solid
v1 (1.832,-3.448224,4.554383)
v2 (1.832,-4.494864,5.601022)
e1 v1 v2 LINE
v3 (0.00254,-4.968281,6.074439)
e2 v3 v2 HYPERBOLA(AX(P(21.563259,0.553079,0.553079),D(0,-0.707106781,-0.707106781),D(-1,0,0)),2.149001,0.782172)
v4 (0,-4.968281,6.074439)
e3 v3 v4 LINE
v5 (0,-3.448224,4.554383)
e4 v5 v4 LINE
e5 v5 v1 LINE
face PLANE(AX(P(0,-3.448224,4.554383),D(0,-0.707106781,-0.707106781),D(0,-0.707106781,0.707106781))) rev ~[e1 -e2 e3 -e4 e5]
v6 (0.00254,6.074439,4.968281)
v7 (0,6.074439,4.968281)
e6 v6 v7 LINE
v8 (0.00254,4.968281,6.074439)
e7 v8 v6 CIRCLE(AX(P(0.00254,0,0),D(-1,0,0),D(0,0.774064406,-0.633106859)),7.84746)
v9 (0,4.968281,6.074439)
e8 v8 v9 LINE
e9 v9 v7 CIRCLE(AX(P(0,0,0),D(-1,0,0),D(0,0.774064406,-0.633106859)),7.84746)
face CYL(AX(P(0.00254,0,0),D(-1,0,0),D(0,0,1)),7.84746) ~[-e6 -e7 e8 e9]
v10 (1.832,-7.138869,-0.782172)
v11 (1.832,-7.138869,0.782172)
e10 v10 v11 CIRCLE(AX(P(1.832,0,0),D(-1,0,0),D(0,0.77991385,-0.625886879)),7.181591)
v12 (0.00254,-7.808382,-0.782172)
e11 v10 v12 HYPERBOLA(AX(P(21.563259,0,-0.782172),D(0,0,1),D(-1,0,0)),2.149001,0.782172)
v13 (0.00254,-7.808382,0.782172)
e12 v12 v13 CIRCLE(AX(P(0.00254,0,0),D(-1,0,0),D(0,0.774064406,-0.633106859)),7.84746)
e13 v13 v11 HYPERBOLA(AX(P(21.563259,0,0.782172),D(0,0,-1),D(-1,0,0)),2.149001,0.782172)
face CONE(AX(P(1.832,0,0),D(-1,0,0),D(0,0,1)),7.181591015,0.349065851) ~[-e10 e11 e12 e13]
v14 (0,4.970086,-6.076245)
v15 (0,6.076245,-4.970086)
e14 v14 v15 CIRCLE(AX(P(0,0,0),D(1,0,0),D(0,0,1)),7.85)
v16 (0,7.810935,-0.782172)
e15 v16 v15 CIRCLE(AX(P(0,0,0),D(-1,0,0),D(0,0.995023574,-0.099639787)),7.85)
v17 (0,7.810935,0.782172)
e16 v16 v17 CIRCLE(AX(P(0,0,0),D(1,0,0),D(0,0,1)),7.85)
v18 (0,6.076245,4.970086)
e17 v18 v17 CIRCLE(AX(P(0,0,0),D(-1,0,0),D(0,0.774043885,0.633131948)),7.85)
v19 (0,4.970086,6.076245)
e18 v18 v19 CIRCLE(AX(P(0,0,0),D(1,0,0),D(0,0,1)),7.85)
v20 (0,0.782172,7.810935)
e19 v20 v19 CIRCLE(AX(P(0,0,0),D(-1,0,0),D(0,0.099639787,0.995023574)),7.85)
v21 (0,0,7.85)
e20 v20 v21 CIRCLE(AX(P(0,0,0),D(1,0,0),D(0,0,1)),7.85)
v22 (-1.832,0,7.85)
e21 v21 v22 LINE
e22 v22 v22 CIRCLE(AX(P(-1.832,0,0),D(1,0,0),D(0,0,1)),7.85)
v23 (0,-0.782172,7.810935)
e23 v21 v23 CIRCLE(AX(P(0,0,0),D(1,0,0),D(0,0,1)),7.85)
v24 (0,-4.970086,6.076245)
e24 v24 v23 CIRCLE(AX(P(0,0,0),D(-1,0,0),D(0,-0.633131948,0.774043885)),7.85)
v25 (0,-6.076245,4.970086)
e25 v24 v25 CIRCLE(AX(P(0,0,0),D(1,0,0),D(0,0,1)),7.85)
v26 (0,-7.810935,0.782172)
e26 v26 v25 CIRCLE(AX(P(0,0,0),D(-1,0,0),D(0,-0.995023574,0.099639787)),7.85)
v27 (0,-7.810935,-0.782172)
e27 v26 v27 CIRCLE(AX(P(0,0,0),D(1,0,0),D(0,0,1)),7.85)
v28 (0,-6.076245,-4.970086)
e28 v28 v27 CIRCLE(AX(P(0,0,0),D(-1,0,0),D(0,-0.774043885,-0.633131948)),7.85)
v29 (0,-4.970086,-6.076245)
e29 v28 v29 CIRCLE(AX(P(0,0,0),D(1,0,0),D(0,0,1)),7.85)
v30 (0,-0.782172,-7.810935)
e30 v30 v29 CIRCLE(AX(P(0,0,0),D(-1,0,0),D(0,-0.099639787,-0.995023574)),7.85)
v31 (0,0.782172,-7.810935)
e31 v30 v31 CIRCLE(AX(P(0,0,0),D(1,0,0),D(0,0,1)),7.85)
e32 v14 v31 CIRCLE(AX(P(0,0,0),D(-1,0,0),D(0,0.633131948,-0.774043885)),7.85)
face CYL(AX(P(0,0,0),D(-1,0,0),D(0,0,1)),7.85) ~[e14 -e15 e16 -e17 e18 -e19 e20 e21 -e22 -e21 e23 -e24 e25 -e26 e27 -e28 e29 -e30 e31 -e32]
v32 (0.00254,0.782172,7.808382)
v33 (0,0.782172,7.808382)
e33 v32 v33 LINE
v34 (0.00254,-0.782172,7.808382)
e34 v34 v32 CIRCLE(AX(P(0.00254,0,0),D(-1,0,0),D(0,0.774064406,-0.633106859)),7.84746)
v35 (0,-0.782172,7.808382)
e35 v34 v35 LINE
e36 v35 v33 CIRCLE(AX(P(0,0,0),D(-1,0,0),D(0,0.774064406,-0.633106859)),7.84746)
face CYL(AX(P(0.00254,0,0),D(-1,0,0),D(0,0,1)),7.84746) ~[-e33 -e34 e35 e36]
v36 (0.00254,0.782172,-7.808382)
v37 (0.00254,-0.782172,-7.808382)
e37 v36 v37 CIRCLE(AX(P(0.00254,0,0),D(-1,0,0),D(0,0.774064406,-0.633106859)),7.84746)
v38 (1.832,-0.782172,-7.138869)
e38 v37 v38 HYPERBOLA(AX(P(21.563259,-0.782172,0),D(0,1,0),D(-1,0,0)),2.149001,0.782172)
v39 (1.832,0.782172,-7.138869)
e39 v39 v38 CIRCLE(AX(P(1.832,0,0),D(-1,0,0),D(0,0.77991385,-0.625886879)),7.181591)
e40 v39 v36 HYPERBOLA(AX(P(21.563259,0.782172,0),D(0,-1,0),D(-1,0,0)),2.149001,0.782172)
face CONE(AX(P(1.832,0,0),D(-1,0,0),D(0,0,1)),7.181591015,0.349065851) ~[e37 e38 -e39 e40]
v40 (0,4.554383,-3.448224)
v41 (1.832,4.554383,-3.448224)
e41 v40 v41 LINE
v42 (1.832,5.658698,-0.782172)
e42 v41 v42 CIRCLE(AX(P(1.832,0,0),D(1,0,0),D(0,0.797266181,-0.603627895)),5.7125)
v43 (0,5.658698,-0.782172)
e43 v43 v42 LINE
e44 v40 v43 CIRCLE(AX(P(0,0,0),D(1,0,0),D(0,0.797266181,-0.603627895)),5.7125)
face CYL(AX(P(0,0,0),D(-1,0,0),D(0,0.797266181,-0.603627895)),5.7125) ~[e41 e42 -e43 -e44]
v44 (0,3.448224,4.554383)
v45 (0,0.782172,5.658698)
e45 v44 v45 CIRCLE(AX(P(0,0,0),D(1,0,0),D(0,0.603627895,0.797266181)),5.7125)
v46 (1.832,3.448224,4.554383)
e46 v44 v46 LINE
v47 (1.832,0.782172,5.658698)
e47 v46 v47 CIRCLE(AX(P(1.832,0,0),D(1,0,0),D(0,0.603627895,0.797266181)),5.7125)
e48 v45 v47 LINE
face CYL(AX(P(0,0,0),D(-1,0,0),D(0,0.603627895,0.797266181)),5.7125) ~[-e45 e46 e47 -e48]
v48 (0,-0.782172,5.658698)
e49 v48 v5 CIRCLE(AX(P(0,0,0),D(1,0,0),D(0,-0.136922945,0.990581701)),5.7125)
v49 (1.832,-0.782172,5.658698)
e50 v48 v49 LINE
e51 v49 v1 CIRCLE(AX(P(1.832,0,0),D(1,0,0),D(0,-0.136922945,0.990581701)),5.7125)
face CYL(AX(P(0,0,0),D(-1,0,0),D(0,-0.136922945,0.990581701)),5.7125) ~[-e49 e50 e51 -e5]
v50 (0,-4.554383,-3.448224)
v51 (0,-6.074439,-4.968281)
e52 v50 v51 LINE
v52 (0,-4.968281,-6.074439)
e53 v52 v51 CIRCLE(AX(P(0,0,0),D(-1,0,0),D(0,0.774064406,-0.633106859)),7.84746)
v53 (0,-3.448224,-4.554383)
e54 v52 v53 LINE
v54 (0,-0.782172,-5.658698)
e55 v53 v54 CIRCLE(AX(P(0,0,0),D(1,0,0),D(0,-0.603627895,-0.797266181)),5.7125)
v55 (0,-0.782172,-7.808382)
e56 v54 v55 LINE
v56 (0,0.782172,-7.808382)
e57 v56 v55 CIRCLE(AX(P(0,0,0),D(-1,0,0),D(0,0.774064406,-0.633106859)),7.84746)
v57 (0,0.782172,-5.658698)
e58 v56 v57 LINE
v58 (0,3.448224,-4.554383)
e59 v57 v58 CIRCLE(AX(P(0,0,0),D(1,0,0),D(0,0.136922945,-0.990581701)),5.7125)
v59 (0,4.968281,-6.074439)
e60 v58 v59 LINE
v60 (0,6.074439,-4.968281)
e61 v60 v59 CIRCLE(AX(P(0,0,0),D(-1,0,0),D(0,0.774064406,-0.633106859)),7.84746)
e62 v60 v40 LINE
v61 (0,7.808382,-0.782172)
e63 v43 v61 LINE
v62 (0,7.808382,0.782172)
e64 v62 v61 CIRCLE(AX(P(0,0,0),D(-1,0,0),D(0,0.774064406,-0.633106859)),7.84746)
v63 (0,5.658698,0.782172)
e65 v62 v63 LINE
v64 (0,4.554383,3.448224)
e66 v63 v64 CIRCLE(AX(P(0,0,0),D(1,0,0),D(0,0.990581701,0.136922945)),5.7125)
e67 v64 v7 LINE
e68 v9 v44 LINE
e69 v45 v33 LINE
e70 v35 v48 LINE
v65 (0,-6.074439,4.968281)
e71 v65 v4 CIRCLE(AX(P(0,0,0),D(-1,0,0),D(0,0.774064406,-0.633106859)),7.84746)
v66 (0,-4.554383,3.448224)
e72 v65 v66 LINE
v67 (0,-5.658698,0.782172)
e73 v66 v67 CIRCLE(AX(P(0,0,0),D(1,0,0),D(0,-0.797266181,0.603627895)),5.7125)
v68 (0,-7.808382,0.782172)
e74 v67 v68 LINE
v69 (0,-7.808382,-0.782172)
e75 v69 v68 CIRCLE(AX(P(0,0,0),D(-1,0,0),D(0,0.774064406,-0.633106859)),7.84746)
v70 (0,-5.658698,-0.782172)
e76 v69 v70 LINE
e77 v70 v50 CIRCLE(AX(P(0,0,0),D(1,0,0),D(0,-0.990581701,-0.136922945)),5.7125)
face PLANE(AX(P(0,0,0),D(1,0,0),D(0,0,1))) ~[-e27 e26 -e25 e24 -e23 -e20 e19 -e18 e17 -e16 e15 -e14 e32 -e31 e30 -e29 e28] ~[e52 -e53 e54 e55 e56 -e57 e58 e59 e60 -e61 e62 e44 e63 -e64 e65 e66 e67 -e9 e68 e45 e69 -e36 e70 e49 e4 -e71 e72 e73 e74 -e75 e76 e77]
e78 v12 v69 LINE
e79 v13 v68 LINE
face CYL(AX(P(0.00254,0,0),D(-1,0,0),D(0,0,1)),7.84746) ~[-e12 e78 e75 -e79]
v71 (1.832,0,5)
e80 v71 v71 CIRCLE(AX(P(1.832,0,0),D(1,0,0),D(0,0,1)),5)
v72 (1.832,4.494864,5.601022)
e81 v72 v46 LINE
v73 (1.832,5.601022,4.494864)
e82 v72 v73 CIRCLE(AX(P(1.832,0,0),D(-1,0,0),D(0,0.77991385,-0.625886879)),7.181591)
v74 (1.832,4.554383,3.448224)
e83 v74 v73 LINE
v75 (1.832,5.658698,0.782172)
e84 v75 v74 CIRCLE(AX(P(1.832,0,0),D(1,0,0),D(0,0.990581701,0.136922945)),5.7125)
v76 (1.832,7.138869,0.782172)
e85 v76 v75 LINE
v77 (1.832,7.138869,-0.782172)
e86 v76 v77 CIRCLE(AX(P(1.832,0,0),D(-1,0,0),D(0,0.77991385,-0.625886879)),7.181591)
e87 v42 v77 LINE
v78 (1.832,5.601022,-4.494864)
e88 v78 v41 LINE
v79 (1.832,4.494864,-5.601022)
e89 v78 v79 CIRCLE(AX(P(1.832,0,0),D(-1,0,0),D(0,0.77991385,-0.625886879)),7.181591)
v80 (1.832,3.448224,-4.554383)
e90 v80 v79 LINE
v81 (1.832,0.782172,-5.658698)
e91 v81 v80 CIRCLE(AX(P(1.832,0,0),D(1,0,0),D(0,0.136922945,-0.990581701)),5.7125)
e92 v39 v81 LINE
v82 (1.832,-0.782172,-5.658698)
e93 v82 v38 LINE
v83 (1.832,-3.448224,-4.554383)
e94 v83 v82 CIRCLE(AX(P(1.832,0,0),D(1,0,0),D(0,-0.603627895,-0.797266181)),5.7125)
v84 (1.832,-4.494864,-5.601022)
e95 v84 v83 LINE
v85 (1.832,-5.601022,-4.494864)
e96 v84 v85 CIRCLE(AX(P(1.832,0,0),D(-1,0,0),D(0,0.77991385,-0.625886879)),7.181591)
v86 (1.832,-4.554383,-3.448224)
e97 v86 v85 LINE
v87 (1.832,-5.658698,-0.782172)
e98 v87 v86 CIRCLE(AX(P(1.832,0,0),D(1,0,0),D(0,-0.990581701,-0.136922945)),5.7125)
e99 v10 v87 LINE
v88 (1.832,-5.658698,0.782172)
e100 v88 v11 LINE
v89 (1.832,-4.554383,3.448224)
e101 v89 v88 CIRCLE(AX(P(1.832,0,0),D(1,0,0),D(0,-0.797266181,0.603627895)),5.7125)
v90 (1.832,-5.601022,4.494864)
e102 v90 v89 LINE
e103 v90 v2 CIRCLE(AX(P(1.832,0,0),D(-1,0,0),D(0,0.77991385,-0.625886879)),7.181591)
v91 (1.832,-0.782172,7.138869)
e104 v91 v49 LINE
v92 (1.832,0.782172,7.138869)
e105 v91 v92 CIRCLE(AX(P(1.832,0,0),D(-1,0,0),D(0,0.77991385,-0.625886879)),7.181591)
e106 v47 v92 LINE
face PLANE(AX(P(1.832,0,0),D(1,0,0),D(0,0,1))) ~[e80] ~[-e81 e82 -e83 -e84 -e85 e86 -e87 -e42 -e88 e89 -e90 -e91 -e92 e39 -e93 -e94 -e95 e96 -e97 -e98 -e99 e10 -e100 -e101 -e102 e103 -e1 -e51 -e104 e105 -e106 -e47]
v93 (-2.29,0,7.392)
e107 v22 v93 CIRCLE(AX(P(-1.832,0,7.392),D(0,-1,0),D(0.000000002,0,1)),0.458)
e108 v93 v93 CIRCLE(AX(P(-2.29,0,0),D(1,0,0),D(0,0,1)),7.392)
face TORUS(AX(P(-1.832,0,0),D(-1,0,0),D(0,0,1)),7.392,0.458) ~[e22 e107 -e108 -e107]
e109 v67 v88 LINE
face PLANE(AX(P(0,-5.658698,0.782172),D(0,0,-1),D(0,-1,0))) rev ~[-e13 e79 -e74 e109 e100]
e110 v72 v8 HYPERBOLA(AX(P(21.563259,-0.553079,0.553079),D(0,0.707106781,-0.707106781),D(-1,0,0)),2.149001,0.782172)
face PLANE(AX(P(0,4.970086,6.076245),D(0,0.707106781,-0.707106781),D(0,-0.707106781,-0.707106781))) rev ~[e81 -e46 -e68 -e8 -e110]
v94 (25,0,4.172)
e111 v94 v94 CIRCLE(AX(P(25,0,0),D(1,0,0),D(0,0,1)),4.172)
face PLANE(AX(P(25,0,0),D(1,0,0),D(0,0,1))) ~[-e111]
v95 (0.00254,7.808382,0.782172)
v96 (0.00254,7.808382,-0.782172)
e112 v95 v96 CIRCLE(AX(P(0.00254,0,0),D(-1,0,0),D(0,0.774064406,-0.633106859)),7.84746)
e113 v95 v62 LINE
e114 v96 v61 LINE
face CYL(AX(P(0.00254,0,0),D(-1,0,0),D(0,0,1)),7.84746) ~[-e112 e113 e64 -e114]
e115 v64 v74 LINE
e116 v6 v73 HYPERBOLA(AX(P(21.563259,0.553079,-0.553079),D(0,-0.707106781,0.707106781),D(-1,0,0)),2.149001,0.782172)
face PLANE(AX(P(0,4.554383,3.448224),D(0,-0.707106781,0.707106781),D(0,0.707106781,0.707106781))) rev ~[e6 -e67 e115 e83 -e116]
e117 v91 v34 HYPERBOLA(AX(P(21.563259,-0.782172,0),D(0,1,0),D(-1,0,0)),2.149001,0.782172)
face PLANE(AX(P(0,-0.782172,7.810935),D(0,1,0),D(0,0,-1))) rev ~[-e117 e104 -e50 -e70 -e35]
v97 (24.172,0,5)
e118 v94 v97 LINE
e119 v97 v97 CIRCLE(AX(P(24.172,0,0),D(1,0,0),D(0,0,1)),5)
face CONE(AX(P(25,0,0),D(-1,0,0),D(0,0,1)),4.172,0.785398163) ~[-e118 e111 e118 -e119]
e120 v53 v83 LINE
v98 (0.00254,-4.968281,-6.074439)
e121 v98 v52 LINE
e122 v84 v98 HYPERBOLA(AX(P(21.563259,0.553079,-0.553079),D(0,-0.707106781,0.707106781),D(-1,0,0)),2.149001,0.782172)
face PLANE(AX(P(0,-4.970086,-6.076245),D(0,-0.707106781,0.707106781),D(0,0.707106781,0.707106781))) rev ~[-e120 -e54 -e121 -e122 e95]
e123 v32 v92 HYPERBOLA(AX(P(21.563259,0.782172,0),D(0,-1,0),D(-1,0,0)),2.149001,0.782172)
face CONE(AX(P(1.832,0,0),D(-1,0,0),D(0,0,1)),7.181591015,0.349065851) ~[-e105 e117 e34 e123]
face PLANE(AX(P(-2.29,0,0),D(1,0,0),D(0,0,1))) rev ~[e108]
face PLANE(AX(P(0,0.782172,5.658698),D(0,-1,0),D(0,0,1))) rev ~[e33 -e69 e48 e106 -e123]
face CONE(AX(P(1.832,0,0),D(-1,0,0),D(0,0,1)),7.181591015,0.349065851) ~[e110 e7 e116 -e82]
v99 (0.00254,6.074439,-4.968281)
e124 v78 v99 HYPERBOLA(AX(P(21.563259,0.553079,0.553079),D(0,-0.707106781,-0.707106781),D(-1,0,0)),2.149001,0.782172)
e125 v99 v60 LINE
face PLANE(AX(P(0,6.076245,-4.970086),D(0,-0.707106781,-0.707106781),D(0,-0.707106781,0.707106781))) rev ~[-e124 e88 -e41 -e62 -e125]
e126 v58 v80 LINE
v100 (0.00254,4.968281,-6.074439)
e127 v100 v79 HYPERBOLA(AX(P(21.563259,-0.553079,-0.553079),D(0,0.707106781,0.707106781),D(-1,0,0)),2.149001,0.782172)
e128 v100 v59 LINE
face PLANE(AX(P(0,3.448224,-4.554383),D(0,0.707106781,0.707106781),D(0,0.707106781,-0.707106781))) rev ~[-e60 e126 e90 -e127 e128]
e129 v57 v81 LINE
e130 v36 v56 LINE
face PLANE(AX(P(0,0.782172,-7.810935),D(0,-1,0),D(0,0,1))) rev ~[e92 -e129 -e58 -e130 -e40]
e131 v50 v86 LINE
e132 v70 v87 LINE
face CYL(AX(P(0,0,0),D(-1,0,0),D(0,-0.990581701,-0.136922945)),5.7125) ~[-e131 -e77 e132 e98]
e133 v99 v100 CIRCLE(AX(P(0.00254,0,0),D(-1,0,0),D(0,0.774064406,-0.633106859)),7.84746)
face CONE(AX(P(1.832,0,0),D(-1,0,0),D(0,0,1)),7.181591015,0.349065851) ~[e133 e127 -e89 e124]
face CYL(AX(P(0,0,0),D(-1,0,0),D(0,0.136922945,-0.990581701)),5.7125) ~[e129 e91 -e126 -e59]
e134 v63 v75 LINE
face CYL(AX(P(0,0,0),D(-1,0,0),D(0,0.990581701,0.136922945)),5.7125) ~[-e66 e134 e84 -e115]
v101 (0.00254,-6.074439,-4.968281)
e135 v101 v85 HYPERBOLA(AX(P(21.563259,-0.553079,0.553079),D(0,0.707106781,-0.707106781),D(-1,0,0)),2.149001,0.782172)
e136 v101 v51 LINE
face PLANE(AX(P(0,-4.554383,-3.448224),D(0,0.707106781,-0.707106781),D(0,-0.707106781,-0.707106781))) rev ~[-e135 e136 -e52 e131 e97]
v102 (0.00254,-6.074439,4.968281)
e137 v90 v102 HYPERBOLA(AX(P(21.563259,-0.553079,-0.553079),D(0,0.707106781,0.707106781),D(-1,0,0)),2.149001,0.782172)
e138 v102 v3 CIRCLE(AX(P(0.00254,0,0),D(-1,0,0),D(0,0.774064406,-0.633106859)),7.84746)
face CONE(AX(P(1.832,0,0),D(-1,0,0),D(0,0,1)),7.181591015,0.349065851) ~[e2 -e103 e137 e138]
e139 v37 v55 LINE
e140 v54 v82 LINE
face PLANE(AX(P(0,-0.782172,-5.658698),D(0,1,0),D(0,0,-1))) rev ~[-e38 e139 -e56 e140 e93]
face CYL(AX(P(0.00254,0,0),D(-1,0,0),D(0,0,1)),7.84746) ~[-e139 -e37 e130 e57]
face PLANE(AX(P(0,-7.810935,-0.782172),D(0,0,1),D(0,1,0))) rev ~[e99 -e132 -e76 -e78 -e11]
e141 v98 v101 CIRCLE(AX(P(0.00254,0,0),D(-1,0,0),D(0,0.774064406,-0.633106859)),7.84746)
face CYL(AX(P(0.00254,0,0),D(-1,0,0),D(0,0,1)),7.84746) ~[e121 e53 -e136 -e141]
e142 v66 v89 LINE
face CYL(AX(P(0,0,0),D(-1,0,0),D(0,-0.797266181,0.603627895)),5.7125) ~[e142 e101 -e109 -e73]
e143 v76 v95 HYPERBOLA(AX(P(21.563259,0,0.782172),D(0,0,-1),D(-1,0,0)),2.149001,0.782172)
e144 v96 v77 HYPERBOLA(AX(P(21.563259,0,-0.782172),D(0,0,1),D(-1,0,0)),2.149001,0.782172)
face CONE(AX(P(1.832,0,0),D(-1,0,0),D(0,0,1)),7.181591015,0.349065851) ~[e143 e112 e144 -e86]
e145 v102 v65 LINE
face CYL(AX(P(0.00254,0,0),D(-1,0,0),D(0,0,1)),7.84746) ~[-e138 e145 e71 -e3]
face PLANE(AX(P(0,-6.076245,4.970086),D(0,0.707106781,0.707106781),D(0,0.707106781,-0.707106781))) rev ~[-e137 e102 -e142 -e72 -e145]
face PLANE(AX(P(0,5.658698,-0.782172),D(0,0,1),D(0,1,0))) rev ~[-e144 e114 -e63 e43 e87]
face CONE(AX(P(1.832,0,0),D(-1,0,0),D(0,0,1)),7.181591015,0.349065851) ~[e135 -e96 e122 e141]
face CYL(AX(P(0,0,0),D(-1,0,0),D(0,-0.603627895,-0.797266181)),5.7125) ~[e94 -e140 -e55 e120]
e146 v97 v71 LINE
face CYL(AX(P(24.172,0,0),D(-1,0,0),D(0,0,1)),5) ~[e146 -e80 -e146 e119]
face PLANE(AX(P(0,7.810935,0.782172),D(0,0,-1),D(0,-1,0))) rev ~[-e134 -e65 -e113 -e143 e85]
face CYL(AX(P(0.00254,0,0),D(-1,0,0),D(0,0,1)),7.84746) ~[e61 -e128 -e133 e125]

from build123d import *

# Parameters (mm, degrees)
RIBCUT_START     = -1.832
RIBCUT_DEPTH     = 1.832
RIBCUTSPAT_COUNT = 8
RIBCUTSPAT_ANGLE = 315


with BuildPart() as part:
    # BodySke → BaseBody (revolve)
    with BuildSketch(Plane.XY, mode=Mode.PRIVATE) as basebody_sk:
        with BuildLine():
            Line((-2.29, 7.392), (-2.29, 0))
            Line((-2.29, 0), (25, 0))
            Line((25, 0), (25, 4.172))
            Line((25, 4.172), (24.172, 5))
            Line((24.172, 5), (1.832, 5))
            Line((1.832, 5), (1.832, 7.181591015))
            Line((1.832, 7.181591015), (0.00254, 7.84746))
            Line((0.00254, 7.84746), (0, 7.84746))
            Line((0, 7.84746), (0, 7.85))
            Line((0, 7.85), (-1.832, 7.85))
            ThreePointArc((-1.832, 7.85), (-2.155854906, 7.715854906), (-2.29, 7.392))
        make_face()
    revolve(basebody_sk.sketch.rotate(Axis((0, 0, 0), (1, 0, 0)), 90), axis=Axis((0, 0, 0), (1, 0, 0)))

    # RibCutSke → RibCut (cut)
    with BuildSketch(Plane(origin=(1.832, 1.794401132, -0.090952894), x_dir=(0, 0, -1), z_dir=(1, 0, 0)).offset(RIBCUT_START)):
        with BuildLine():
            Line((0.691219431, 3.864296837), (0.691219431, 6.016533924))
            ThreePointArc((0.691219431, 6.016533924), (2.91311205, 5.458053198), (4.879132896, 4.281843369))
            Line((4.879132896, 4.281843369), (3.357271457, 2.759981929))
            ThreePointArc((3.357271457, 2.759981929), (2.095126213, 3.483260697), (0.691219431, 3.864296837))
        make_face()
    ribcut = extrude(amount=RIBCUT_DEPTH, mode=Mode.SUBTRACT)

    # RibCutsPat: RibCut ×8 about axis
    ribcutspat_axis = Axis((0, 0, 0), (1, 0, 0))
    for i in range(1, RIBCUTSPAT_COUNT):
        add(ribcut.rotate(ribcutspat_axis, i * RIBCUTSPAT_ANGLE / (RIBCUTSPAT_COUNT - 1)), mode=Mode.SUBTRACT)


solid = part.part
